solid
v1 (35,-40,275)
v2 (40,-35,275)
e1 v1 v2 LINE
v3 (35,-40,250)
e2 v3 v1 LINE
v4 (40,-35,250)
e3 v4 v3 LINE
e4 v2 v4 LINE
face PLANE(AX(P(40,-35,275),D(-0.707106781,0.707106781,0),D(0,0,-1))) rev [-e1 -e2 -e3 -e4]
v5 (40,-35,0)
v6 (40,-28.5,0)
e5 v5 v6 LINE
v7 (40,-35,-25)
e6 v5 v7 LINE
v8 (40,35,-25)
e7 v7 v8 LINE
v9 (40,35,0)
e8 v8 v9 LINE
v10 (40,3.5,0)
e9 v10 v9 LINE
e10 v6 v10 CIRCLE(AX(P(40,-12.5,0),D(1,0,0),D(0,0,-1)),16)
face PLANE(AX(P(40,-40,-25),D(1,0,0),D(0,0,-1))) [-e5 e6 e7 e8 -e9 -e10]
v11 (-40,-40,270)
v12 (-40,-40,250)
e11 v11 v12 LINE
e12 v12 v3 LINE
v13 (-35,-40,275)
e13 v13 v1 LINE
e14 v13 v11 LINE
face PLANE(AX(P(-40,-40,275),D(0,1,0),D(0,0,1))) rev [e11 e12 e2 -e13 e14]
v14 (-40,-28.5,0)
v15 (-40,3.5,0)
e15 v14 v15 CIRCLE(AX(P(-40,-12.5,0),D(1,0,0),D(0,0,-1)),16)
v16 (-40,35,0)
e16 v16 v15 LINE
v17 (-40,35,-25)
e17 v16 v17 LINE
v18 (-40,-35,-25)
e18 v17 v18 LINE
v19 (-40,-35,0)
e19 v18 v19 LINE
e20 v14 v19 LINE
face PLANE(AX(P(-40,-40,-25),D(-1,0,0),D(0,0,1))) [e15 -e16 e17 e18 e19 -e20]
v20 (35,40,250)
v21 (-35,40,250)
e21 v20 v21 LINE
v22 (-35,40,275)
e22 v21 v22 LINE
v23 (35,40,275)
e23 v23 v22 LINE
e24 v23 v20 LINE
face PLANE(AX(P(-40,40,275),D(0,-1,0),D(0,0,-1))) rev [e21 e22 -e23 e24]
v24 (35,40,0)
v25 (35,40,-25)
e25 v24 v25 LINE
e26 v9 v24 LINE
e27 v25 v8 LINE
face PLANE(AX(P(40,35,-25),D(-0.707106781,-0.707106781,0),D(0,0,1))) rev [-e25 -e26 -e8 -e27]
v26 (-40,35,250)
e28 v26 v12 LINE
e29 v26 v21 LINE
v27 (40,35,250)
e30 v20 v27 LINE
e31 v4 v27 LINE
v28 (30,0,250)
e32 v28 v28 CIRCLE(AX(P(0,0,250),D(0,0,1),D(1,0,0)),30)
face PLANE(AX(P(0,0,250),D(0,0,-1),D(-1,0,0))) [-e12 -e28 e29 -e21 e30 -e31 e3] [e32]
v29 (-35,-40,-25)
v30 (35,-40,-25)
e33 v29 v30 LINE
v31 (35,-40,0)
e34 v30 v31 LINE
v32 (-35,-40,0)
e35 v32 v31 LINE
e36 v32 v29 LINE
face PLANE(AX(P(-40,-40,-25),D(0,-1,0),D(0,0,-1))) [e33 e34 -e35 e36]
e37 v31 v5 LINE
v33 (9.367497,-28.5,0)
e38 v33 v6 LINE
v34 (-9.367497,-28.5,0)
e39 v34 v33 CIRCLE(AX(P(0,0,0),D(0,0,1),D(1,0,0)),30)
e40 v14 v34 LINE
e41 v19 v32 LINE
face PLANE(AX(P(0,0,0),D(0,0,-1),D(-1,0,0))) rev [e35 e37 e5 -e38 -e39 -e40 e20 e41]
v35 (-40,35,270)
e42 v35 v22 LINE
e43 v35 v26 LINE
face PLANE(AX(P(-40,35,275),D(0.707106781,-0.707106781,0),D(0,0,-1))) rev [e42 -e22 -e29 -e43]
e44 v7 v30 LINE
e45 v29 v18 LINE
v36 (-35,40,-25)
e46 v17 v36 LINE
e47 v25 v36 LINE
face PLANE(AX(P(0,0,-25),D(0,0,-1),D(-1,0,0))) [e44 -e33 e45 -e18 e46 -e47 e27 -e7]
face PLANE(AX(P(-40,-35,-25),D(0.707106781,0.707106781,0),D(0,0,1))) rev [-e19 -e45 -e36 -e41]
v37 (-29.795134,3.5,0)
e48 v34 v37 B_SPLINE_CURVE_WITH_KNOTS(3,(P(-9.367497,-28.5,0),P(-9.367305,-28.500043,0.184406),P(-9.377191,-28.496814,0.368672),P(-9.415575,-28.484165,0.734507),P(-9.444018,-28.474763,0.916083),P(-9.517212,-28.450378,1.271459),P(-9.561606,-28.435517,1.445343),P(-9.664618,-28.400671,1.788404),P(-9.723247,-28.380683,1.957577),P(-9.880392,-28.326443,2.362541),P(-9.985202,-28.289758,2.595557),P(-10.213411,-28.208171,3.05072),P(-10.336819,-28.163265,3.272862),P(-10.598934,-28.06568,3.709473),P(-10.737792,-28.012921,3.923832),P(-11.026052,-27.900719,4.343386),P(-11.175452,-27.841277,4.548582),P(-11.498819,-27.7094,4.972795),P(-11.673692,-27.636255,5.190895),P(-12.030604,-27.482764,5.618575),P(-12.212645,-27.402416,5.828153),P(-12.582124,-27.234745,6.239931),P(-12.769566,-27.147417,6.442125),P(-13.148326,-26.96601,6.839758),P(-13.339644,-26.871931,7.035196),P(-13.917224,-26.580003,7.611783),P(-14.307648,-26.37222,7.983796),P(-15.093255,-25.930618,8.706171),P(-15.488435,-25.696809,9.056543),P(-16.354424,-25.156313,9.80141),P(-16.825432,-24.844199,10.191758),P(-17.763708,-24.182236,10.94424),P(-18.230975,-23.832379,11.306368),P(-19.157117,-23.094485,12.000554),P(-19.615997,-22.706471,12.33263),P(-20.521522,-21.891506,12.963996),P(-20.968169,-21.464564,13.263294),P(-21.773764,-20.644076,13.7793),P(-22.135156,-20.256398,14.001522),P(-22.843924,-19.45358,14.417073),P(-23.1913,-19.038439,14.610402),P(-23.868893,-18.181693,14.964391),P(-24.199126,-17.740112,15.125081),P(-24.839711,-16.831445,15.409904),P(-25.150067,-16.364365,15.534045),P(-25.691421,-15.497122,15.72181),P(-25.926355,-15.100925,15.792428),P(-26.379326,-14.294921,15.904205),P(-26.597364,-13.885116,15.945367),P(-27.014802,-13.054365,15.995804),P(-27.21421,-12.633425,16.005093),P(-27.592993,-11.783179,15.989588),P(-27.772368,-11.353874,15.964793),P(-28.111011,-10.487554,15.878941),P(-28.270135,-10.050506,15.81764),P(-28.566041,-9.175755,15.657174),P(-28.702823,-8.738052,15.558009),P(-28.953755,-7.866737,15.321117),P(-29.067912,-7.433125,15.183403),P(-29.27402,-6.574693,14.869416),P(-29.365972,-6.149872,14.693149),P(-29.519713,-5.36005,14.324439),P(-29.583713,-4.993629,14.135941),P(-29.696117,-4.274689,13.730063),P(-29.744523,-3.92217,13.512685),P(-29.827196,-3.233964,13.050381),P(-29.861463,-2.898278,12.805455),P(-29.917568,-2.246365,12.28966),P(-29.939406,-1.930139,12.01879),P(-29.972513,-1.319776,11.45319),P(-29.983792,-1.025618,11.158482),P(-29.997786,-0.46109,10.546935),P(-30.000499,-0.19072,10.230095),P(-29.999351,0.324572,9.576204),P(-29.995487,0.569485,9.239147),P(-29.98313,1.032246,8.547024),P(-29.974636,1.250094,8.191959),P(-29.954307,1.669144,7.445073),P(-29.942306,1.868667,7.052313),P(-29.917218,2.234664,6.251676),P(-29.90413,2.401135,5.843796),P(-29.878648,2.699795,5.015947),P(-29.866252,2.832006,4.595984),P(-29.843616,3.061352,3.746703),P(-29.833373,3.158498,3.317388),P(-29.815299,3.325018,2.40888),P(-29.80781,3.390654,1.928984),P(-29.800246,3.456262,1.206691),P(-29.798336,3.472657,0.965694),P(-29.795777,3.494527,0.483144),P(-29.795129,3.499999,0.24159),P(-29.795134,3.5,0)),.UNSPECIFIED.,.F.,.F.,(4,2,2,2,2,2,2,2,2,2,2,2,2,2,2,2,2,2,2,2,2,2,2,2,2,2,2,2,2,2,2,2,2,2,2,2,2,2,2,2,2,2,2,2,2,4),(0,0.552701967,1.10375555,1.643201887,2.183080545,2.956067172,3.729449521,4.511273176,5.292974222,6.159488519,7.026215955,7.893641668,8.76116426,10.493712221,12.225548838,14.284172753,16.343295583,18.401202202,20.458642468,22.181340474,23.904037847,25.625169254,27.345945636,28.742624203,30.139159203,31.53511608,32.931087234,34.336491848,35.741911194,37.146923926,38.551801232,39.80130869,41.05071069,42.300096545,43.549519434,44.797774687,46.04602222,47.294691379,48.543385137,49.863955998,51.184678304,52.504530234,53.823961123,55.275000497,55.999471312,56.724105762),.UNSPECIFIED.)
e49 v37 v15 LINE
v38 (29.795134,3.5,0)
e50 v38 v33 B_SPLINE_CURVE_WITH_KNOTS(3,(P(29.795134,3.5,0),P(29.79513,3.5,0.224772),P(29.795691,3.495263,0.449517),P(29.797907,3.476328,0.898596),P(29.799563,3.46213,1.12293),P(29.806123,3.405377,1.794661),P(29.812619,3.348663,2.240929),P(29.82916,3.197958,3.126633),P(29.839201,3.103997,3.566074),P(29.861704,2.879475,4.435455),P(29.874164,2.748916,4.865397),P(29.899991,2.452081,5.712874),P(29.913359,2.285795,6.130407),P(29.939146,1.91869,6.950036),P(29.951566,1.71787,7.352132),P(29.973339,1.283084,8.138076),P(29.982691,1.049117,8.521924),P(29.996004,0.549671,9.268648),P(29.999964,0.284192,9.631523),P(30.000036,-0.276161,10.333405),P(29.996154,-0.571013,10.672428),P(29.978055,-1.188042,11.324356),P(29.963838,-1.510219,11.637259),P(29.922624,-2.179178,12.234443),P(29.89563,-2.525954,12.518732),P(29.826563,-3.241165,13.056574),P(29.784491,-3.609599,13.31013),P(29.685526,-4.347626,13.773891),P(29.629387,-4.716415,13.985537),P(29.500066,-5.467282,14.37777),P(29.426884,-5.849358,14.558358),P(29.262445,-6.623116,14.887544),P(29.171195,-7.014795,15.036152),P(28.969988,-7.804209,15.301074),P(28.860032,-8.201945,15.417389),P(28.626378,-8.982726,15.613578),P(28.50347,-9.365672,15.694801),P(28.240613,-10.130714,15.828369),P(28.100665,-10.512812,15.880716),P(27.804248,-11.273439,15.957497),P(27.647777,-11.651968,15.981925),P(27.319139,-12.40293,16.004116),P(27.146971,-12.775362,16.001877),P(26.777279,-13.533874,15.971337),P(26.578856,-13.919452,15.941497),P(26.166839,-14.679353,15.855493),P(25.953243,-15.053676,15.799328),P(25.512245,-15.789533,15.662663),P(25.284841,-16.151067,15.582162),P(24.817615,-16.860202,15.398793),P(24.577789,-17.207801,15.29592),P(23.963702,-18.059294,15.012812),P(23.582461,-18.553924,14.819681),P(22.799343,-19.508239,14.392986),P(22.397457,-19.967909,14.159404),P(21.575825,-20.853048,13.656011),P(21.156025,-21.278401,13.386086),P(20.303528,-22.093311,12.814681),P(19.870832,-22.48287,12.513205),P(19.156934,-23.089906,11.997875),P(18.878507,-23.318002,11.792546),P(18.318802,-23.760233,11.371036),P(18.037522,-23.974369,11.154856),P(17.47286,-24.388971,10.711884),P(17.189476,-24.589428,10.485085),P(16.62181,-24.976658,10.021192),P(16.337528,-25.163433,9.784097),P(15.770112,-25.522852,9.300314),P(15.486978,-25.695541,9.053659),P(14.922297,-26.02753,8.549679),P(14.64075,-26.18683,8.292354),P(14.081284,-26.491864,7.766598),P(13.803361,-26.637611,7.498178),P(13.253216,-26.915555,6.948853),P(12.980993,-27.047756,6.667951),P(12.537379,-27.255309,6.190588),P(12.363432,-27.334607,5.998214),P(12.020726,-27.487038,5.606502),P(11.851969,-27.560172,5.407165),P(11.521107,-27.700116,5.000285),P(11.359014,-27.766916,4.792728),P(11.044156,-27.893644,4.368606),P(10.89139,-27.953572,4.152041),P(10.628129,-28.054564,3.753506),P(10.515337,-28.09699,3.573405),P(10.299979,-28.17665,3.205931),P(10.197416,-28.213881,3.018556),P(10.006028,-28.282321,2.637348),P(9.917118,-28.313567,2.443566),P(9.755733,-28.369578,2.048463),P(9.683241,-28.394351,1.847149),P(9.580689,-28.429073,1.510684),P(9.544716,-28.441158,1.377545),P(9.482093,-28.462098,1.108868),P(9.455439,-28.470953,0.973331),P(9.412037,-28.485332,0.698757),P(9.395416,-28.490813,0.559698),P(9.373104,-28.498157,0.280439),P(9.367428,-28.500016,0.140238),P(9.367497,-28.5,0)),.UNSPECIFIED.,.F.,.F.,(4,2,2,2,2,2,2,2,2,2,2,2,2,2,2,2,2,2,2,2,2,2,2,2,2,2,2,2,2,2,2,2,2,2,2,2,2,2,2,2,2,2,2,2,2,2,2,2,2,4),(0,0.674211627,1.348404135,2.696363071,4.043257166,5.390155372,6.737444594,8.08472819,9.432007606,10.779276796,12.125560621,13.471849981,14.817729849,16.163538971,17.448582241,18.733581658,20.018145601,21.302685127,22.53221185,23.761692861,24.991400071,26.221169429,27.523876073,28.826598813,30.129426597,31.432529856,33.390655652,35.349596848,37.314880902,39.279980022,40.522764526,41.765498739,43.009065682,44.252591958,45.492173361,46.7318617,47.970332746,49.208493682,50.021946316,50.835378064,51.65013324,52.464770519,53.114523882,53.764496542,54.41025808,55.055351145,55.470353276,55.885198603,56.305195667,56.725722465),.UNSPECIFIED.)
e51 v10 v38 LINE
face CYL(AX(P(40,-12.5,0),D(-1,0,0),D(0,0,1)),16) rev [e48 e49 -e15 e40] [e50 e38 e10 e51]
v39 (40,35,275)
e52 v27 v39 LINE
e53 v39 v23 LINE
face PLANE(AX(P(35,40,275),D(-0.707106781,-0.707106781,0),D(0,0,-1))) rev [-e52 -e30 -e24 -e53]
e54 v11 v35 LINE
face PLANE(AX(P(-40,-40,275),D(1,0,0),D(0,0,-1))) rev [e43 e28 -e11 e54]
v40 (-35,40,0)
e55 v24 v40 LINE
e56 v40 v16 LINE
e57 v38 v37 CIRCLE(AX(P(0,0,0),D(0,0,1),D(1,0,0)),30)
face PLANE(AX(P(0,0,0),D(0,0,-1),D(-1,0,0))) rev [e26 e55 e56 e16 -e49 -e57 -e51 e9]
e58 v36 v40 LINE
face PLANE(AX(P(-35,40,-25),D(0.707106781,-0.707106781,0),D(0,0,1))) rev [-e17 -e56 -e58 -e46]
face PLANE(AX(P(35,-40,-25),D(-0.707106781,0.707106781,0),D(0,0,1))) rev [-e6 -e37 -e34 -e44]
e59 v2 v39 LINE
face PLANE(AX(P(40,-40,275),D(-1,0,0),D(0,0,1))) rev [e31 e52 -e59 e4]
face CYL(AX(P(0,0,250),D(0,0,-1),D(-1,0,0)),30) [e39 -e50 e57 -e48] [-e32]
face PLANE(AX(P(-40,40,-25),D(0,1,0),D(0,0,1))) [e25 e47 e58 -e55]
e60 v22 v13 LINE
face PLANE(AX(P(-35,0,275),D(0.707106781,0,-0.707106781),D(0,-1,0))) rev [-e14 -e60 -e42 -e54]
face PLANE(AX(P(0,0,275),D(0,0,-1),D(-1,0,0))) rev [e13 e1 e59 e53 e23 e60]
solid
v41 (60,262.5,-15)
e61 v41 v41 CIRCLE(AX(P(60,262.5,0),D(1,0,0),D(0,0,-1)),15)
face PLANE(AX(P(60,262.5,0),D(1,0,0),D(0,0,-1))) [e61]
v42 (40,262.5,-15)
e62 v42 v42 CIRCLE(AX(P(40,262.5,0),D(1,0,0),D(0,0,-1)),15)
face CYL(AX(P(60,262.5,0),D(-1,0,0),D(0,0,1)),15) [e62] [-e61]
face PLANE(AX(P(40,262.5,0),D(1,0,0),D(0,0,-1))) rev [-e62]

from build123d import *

# Parameters (mm, degrees)
SKETCH1_R           = 30
BOSS_EXTRUDE1_DEPTH = 250
SKETCH2_W           = 80
SKETCH2_H           = 80
BOSS_EXTRUDE2_DEPTH = 25
SKETCH3_R           = 16
CUT_EXTRUDE1_DEPTH  = 80
CHAMFER1_SIZE       = 5
SKETCH5_W           = 80
SKETCH5_H           = 80
BOSS_EXTRUDE3_DEPTH = 25
SKETCH6_R           = 15
BOSS_EXTRUDE4_DEPTH = 20
CHAMFER4_SIZE       = 5


with BuildPart() as part:
    # Sketch1 → Boss-Extrude1 (new body)
    with BuildSketch(Plane.XY):
        Circle(SKETCH1_R)
    extrude(amount=BOSS_EXTRUDE1_DEPTH)

    # Sketch2 → Boss-Extrude2 (add)
    with BuildSketch(Plane.XY):
        Rectangle(SKETCH2_W, SKETCH2_H)
    extrude(amount=-BOSS_EXTRUDE2_DEPTH)

    # Sketch3 → Cut-Extrude1 (cut)
    with BuildSketch(Plane(origin=(-40, 0, 0), x_dir=(0, 0, -1), z_dir=(1, 0, 0))):
        with Locations((0, -12.5)):
            Circle(SKETCH3_R)
    extrude(amount=CUT_EXTRUDE1_DEPTH, mode=Mode.SUBTRACT)

    # Chamfer1
    chamfer1_edges = [part.edges().sort_by_distance(p)[0] for p in [
        (40, 40, -12.5),
        (40, -40, -12.5),
        (-40, 40, -12.5),
        (-40, -40, -12.5),
    ]]
    chamfer(chamfer1_edges, length=CHAMFER1_SIZE)

    # Sketch5 → Boss-Extrude3 (add)
    with BuildSketch(Plane.XY.offset(250)):
        Rectangle(SKETCH5_W, SKETCH5_H)
    extrude(amount=BOSS_EXTRUDE3_DEPTH)

    # Chamfer4
    chamfer4_edges = [part.edges().sort_by_distance(p)[0] for p in [
        (40, 40, 262.5),
        (40, -40, 262.5),
        (-40, 40, 262.5),
        (-40, 0, 275),
    ]]
    chamfer(chamfer4_edges, length=CHAMFER4_SIZE)


with BuildPart() as body_2:
    # Sketch6 → Boss-Extrude4 (new body)
    with BuildSketch(Plane(origin=(40, 0, 0), x_dir=(0, 0, -1), z_dir=(1, 0, 0))):
        with Locations((0, 262.5)):
            Circle(SKETCH6_R)
    extrude(amount=BOSS_EXTRUDE4_DEPTH)


solid = Compound([part.part, body_2.part])
